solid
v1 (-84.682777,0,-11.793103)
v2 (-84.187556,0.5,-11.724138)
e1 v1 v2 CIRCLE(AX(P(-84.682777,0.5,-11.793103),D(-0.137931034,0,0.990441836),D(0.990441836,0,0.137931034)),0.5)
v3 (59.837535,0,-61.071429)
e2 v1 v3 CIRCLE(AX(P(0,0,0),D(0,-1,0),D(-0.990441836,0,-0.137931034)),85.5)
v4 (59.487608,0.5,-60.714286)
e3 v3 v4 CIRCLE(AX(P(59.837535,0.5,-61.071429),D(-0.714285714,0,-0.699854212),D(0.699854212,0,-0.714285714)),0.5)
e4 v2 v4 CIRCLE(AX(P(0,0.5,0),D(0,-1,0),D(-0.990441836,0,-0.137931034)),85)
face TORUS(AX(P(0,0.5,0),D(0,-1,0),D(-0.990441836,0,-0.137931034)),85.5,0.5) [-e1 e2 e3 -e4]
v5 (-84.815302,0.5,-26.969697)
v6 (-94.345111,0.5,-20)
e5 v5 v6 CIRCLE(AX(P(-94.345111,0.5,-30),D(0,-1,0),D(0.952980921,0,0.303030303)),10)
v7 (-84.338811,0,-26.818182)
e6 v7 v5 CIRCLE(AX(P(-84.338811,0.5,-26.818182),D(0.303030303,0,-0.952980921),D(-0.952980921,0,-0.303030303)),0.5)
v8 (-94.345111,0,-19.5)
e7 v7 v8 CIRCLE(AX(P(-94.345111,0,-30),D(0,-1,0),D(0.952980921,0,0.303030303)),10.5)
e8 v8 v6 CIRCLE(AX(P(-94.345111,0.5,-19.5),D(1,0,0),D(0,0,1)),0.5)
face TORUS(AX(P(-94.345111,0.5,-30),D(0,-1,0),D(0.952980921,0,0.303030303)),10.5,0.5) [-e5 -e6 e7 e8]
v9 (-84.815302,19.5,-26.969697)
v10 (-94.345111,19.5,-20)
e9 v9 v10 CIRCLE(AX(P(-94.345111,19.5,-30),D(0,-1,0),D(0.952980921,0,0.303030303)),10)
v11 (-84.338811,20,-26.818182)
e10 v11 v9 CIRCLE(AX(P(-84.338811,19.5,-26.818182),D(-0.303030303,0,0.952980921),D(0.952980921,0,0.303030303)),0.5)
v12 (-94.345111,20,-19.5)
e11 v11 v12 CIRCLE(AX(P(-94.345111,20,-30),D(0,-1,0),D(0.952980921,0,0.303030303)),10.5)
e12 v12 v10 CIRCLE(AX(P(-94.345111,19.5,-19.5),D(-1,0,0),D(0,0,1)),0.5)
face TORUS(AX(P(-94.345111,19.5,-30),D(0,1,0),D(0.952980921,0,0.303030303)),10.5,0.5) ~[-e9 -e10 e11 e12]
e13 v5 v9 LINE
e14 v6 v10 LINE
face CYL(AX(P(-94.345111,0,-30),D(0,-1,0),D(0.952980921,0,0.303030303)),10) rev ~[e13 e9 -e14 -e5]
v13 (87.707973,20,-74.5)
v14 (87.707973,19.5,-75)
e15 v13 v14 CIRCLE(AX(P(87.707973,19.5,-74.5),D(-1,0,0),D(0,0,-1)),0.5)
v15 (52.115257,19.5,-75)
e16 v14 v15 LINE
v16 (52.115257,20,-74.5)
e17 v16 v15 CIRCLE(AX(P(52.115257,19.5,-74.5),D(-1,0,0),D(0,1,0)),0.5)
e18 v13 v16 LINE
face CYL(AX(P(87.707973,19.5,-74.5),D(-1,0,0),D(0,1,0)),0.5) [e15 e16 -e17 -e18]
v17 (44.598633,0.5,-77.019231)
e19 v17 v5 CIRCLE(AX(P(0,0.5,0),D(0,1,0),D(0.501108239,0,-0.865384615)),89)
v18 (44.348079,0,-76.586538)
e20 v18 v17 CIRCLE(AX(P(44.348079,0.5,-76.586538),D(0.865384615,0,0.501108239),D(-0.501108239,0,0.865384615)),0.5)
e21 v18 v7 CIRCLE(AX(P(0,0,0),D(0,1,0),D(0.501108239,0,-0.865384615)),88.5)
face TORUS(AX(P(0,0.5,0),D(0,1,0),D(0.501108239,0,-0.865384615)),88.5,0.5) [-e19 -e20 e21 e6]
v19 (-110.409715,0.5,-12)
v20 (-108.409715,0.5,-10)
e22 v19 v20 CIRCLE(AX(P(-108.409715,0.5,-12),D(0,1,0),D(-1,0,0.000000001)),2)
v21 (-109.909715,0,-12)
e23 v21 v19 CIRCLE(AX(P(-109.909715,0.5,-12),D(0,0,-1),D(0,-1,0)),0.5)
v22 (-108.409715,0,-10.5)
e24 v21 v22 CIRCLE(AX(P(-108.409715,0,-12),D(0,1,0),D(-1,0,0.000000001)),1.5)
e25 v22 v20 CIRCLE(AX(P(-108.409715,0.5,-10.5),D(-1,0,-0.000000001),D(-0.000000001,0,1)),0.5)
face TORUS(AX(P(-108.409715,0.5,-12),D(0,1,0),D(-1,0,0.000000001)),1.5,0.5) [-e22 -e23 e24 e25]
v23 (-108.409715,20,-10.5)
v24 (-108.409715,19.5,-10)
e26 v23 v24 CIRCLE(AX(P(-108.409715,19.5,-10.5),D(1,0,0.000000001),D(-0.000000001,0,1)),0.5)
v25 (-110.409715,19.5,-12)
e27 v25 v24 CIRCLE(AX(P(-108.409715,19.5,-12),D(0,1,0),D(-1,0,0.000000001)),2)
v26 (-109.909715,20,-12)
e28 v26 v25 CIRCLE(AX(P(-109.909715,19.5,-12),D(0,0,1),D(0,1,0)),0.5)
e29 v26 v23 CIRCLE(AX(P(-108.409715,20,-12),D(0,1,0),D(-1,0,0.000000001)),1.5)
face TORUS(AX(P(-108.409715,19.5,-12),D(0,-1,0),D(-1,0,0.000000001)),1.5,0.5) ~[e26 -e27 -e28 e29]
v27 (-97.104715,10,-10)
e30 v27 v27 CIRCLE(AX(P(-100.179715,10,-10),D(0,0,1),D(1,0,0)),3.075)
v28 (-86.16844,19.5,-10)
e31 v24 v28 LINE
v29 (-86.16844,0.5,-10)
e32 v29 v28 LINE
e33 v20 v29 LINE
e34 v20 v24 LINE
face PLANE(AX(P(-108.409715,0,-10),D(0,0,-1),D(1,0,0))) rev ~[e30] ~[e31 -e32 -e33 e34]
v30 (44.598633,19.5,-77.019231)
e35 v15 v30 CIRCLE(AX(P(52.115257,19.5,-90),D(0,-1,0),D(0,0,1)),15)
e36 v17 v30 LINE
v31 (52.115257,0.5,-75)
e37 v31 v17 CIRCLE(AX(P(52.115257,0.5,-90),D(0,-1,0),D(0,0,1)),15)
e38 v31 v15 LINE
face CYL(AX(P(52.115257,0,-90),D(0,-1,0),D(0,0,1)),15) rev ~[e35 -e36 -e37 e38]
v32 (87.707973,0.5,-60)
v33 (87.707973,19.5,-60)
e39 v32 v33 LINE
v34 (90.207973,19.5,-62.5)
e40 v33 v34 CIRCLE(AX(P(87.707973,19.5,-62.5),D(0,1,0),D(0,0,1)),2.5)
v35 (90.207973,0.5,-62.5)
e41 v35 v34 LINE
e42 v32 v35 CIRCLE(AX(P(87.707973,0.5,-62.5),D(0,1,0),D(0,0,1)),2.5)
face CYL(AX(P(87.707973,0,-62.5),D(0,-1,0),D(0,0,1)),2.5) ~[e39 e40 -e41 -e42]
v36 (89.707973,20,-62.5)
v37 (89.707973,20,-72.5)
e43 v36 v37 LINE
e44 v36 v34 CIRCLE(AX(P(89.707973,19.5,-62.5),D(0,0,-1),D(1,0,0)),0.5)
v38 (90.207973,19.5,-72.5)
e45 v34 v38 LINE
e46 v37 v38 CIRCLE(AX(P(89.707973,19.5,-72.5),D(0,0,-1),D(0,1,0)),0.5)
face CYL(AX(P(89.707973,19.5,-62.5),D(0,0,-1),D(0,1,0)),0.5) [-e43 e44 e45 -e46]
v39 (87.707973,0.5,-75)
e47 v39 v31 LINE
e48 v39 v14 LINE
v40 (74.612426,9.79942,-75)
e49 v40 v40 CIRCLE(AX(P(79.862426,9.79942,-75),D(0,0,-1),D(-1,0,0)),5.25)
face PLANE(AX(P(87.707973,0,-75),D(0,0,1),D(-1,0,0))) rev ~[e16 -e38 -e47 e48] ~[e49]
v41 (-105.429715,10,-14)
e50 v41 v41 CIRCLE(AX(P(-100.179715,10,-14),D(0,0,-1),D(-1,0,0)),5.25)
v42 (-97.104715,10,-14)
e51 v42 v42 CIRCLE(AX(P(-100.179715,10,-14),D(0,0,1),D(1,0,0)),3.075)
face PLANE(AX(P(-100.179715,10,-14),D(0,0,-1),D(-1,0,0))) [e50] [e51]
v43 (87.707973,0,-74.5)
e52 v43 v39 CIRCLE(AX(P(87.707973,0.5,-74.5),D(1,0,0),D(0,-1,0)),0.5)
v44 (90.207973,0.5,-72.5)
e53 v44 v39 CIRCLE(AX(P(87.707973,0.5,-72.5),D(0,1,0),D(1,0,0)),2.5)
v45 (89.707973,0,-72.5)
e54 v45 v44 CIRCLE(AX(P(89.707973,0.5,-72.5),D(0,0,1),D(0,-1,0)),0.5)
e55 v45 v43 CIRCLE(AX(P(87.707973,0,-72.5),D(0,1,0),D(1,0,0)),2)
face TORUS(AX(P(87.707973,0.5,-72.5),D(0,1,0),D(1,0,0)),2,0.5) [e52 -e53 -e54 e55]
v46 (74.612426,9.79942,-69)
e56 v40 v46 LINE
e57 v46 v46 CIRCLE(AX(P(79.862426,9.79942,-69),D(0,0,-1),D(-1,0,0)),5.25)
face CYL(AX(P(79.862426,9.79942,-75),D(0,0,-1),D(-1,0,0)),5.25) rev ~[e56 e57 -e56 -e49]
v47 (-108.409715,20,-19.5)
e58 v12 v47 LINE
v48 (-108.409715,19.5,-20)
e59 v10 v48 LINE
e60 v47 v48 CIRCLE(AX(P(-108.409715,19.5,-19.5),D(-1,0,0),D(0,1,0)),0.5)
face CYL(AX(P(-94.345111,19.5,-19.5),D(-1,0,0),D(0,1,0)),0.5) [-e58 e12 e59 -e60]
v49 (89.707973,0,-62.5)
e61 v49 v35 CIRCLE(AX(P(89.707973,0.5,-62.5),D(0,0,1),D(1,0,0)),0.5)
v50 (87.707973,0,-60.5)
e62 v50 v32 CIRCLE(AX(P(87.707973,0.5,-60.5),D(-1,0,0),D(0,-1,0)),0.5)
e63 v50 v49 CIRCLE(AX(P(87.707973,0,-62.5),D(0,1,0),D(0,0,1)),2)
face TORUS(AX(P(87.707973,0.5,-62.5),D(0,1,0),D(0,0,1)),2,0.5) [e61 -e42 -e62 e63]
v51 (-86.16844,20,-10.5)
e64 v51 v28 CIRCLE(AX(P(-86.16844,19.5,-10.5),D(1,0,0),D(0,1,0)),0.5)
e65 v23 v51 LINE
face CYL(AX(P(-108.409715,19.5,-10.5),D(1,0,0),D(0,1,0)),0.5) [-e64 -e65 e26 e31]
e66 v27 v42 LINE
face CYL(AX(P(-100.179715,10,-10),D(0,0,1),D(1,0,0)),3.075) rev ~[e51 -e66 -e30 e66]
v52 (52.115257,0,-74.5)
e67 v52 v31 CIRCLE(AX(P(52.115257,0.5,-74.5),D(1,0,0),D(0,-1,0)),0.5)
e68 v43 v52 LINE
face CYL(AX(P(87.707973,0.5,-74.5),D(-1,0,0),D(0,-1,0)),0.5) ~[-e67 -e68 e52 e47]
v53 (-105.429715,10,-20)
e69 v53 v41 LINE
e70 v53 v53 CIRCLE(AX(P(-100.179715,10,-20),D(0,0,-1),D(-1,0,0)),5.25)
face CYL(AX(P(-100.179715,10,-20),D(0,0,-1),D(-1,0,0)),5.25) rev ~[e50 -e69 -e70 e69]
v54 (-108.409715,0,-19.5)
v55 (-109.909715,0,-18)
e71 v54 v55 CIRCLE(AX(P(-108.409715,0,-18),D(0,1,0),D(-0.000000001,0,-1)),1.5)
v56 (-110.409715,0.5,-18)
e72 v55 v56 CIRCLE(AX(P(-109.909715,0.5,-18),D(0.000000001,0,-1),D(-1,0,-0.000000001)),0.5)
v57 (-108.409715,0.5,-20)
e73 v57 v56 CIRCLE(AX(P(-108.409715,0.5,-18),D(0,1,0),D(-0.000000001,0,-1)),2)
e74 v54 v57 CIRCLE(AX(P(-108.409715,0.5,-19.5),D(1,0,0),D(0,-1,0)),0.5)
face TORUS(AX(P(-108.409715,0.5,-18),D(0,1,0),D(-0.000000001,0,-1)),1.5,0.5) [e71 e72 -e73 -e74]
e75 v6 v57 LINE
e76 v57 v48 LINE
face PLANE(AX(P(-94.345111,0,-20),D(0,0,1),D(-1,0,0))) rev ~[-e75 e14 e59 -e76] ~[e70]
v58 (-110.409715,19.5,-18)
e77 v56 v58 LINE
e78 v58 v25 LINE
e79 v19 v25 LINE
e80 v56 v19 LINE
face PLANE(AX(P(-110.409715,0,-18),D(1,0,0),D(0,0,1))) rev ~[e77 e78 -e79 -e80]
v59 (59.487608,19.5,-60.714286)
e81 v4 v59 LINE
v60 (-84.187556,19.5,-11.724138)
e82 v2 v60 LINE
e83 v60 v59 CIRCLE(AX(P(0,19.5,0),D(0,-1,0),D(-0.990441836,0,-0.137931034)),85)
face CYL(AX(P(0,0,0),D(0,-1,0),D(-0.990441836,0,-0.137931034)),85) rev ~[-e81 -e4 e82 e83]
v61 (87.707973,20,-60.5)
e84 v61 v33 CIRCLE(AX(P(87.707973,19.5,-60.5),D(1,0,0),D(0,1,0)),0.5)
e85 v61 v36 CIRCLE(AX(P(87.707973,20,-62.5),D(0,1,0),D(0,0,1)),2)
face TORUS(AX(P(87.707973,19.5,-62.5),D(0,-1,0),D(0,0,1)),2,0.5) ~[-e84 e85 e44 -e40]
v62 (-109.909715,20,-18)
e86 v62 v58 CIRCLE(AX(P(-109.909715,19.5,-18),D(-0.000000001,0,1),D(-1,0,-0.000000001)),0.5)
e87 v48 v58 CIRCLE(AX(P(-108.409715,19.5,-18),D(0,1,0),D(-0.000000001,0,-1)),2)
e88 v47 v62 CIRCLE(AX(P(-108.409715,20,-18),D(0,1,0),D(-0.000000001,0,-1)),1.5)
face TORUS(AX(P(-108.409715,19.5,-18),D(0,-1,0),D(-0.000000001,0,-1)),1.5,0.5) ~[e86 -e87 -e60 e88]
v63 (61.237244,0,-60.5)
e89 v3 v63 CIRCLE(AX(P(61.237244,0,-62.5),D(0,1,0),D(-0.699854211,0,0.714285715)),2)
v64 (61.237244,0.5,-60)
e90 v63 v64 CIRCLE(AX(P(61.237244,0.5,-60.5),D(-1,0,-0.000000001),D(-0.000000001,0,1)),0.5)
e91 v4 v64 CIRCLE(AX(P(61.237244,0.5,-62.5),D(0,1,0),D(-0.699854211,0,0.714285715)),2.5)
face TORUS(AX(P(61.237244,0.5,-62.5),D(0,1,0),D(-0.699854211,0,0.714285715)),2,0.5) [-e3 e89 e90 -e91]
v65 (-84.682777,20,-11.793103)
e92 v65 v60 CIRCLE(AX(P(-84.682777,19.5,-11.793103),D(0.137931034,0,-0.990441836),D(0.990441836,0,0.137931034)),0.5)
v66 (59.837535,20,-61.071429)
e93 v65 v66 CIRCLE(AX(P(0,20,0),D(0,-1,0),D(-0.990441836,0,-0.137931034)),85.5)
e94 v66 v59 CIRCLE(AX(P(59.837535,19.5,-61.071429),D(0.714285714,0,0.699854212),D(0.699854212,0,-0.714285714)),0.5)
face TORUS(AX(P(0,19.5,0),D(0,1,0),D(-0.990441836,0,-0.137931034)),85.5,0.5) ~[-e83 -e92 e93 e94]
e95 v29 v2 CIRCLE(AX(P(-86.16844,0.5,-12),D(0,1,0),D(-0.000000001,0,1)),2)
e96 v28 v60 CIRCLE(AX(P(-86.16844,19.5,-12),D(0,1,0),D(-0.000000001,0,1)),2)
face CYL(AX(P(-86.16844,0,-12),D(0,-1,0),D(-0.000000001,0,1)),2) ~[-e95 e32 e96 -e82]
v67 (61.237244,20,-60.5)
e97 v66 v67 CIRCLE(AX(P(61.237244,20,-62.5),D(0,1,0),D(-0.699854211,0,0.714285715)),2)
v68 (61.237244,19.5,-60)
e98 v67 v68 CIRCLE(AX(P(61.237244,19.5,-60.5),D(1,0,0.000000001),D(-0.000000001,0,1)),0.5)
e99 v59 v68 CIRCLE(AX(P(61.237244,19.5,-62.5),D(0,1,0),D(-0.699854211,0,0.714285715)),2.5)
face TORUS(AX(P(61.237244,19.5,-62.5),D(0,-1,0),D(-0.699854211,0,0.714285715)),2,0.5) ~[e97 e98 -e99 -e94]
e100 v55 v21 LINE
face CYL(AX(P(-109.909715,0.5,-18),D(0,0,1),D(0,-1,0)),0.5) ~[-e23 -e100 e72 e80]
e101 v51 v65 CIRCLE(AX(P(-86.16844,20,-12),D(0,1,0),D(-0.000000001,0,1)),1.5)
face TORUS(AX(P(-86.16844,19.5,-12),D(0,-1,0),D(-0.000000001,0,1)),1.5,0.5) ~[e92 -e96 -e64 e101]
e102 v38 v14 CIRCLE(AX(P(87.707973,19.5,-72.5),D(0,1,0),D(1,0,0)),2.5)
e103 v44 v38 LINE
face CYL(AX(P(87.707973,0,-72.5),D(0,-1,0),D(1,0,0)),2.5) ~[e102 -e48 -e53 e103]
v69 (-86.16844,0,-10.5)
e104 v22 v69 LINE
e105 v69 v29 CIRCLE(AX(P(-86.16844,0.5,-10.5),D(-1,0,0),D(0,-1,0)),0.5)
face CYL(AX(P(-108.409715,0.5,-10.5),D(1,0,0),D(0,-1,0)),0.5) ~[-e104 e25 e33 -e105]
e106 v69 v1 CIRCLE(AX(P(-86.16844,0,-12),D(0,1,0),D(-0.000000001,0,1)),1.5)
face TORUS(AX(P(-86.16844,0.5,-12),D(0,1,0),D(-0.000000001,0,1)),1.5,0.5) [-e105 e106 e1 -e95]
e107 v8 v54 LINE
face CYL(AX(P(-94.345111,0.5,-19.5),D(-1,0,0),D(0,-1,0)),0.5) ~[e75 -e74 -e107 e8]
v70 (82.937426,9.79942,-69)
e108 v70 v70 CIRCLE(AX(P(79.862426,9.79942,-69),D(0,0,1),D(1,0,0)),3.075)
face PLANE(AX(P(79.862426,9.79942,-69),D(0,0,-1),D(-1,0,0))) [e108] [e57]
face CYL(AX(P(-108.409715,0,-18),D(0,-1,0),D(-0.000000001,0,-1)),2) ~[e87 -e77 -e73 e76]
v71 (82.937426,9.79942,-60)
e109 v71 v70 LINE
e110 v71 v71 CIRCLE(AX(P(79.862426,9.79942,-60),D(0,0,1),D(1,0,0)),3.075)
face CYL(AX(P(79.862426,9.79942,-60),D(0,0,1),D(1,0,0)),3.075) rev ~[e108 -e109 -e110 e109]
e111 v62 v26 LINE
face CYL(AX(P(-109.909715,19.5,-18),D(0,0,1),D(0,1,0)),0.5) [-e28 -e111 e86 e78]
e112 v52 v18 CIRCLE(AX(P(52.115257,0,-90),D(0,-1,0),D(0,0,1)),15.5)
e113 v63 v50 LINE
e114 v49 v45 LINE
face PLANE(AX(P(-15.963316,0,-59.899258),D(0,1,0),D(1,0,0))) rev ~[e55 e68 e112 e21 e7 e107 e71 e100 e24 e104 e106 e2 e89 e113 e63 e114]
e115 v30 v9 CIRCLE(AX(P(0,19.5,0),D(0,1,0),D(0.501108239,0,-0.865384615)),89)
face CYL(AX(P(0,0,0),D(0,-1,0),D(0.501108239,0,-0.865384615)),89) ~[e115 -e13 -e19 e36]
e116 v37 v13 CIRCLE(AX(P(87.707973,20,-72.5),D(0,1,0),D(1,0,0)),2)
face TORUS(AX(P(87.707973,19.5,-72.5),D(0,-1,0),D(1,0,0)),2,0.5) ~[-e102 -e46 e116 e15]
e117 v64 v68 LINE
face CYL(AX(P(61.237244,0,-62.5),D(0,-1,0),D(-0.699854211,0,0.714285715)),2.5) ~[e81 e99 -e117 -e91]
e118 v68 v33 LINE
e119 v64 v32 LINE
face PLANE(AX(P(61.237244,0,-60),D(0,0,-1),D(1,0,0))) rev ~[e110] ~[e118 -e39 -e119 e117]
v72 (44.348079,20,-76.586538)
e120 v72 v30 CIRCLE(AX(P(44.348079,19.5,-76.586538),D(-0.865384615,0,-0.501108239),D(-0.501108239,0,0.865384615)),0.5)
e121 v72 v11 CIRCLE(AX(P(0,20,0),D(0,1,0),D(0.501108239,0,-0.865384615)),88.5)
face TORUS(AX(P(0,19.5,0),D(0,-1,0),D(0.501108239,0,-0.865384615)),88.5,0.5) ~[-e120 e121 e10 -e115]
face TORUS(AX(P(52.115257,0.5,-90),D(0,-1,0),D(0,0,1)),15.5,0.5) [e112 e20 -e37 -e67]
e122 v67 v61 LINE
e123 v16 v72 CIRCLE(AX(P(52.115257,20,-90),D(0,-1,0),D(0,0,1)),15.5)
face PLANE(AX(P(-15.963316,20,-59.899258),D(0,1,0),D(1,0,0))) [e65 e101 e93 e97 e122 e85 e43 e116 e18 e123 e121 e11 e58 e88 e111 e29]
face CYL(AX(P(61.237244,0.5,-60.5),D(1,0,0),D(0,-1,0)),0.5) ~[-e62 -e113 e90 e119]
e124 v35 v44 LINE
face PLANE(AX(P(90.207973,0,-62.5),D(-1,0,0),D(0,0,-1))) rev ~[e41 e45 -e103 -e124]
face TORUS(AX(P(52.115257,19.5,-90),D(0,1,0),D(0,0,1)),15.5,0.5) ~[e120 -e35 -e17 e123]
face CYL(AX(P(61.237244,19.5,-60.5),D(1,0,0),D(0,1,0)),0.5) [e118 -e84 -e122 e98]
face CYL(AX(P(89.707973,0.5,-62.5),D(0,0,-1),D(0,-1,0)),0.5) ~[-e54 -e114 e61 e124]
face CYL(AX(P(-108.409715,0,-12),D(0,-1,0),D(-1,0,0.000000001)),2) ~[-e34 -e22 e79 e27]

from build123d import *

# Parameters (mm, degrees)
RESSALTO_EXTRUS_O1_DEPTH   = 20
ESBO_O3_R                  = 3.075
CORTE_EXTRUS_O1_DEPTH      = 20
ESBO_O4_R                  = 5.25
CORTE_EXTRUS_O2_DEPTH      = 6
ESBO_O5_R                  = 3.075
CORTE_EXTRUS_O3_DEPTH      = 1
CORTE_EXTRUS_O3_DEPTH_BACK = 80
ESBO_O6_R                  = 5.25
CORTE_EXTRUS_O4_DEPTH      = 6
FILETE1_R                  = 0.5


with BuildPart() as part:
    # Esboço1 → Ressalto-extrusão1 (new body)
    with BuildSketch(Plane(origin=(0, 0, 0), x_dir=(1, 0, 0), z_dir=(0, 1, 0))):
        with BuildLine():
            Line((61.23724357, 60), (87.707972894, 60))
            ThreePointArc((87.707972894, 60), (89.475739847, 60.732233047), (90.207972894, 62.5))
            Line((90.207972894, 62.5), (90.207972894, 72.5))
            ThreePointArc((90.207972894, 72.5), (89.475739847, 74.267766953), (87.707972894, 75))
            Line((87.707972894, 75), (52.115256883, 75))
            ThreePointArc((52.115256883, 75), (48.223697971, 75.513600543), (44.598633294, 77.019230769))
            ThreePointArc((44.598633294, 77.019230769), (-32.102711223, 83.008529273), (-84.815301953, 26.96969697))
            ThreePointArc((-84.815301953, 26.96969697), (-88.441850634, 21.92835115), (-94.345111161, 20))
            Line((-94.345111161, 20), (-108.409715081, 20))
            ThreePointArc((-108.409715081, 20), (-109.823928643, 19.414213562), (-110.409715081, 18))
            Line((-110.409715081, 18), (-110.409715081, 12))
            ThreePointArc((-110.409715081, 12), (-109.823928643, 10.585786438), (-108.409715081, 10))
            Line((-108.409715081, 10), (-86.168439698, 10))
            ThreePointArc((-86.168439698, 10), (-84.855375369, 10.491403941), (-84.187556027, 11.724137931))
            ThreePointArc((-84.187556027, 11.724137931), (-27.432289416, 80.451659382), (59.487608039, 60.714285714))
            ThreePointArc((59.487608039, 60.714285714), (60.292332387, 60.185449751), (61.23724357, 60))
        make_face()
    extrude(amount=RESSALTO_EXTRUS_O1_DEPTH)

    # Esboço3 → Corte-extrusão1 (cut)
    with BuildSketch(Plane.XY.offset(-60)):
        with Locations((79.862425804, 9.799419725)):
            Circle(ESBO_O3_R)
    extrude(amount=-CORTE_EXTRUS_O1_DEPTH, mode=Mode.SUBTRACT)

    # Esboço4 → Corte-extrusão2 (cut)
    with BuildSketch(Plane(origin=(0, 0, -75), x_dir=(-1, 0, 0), z_dir=(0, 0, -1))):
        with Locations((-79.862425804, 9.799419725)):
            Circle(ESBO_O4_R)
    extrude(amount=-CORTE_EXTRUS_O2_DEPTH, mode=Mode.SUBTRACT)

    # Esboço5 → Corte-extrusão3 (cut, two sides)
    with BuildSketch(Plane.XY.offset(-10)) as corte_extrus_o3_sk:
        with Locations((-100.179715081, 10)):
            Circle(ESBO_O5_R)
    extrude(amount=CORTE_EXTRUS_O3_DEPTH, mode=Mode.SUBTRACT)
    extrude(corte_extrus_o3_sk.sketch, amount=-CORTE_EXTRUS_O3_DEPTH_BACK, mode=Mode.SUBTRACT)

    # Esboço6 → Corte-extrusão4 (cut)
    with BuildSketch(Plane(origin=(0, 0, -20), x_dir=(-1, 0, 0), z_dir=(0, 0, -1))):
        with Locations((100.179715081, 10)):
            Circle(ESBO_O6_R)
    extrude(amount=-CORTE_EXTRUS_O4_DEPTH, mode=Mode.SUBTRACT)

    # Filete1
    filete1_edges = [part.edges().sort_by_distance(p)[0] for p in [
        (-88.441850634, 20, -21.92835115),
        (69.911614889, 0, -75),
        (89.475739847, 0, -74.267766953),
        (90.207972894, 0, -67.5),
        (-101.377413121, 20, -20),
        (89.475739847, 0, -60.732233047),
        (74.472608232, 0, -60),
        (60.292332387, 0, -60.185449751),
        (-27.432289416, 0, -80.451659382),
        (-84.855375369, 0, -10.491403941),
        (-97.289077389, 0, -10),
        (-109.823928643, 0, -10.585786438),
        (-110.409715081, 0, -15),
        (-109.823928643, 0, -19.414213562),
        (-101.377413121, 0, -20),
        (-109.823928643, 20, -19.414213562),
        (-88.441850634, 0, -21.92835115),
        (-32.102711223, 0, -83.008529273),
        (48.223697971, 0, -75.513600543),
        (-110.409715081, 20, -15),
        (-109.823928643, 20, -10.585786438),
        (-97.289077389, 20, -10),
        (-84.855375369, 20, -10.491403941),
        (-27.432289416, 20, -80.451659382),
        (60.292332387, 20, -60.185449751),
        (74.472608232, 20, -60),
        (48.223697971, 20, -75.513600543),
        (89.475739847, 20, -60.732233047),
        (90.207972894, 20, -67.5),
        (89.475739847, 20, -74.267766953),
        (69.911614889, 20, -75),
        (-32.102711223, 20, -83.008529273),
    ]]
    fillet(filete1_edges, radius=FILETE1_R)


solid = part.part
